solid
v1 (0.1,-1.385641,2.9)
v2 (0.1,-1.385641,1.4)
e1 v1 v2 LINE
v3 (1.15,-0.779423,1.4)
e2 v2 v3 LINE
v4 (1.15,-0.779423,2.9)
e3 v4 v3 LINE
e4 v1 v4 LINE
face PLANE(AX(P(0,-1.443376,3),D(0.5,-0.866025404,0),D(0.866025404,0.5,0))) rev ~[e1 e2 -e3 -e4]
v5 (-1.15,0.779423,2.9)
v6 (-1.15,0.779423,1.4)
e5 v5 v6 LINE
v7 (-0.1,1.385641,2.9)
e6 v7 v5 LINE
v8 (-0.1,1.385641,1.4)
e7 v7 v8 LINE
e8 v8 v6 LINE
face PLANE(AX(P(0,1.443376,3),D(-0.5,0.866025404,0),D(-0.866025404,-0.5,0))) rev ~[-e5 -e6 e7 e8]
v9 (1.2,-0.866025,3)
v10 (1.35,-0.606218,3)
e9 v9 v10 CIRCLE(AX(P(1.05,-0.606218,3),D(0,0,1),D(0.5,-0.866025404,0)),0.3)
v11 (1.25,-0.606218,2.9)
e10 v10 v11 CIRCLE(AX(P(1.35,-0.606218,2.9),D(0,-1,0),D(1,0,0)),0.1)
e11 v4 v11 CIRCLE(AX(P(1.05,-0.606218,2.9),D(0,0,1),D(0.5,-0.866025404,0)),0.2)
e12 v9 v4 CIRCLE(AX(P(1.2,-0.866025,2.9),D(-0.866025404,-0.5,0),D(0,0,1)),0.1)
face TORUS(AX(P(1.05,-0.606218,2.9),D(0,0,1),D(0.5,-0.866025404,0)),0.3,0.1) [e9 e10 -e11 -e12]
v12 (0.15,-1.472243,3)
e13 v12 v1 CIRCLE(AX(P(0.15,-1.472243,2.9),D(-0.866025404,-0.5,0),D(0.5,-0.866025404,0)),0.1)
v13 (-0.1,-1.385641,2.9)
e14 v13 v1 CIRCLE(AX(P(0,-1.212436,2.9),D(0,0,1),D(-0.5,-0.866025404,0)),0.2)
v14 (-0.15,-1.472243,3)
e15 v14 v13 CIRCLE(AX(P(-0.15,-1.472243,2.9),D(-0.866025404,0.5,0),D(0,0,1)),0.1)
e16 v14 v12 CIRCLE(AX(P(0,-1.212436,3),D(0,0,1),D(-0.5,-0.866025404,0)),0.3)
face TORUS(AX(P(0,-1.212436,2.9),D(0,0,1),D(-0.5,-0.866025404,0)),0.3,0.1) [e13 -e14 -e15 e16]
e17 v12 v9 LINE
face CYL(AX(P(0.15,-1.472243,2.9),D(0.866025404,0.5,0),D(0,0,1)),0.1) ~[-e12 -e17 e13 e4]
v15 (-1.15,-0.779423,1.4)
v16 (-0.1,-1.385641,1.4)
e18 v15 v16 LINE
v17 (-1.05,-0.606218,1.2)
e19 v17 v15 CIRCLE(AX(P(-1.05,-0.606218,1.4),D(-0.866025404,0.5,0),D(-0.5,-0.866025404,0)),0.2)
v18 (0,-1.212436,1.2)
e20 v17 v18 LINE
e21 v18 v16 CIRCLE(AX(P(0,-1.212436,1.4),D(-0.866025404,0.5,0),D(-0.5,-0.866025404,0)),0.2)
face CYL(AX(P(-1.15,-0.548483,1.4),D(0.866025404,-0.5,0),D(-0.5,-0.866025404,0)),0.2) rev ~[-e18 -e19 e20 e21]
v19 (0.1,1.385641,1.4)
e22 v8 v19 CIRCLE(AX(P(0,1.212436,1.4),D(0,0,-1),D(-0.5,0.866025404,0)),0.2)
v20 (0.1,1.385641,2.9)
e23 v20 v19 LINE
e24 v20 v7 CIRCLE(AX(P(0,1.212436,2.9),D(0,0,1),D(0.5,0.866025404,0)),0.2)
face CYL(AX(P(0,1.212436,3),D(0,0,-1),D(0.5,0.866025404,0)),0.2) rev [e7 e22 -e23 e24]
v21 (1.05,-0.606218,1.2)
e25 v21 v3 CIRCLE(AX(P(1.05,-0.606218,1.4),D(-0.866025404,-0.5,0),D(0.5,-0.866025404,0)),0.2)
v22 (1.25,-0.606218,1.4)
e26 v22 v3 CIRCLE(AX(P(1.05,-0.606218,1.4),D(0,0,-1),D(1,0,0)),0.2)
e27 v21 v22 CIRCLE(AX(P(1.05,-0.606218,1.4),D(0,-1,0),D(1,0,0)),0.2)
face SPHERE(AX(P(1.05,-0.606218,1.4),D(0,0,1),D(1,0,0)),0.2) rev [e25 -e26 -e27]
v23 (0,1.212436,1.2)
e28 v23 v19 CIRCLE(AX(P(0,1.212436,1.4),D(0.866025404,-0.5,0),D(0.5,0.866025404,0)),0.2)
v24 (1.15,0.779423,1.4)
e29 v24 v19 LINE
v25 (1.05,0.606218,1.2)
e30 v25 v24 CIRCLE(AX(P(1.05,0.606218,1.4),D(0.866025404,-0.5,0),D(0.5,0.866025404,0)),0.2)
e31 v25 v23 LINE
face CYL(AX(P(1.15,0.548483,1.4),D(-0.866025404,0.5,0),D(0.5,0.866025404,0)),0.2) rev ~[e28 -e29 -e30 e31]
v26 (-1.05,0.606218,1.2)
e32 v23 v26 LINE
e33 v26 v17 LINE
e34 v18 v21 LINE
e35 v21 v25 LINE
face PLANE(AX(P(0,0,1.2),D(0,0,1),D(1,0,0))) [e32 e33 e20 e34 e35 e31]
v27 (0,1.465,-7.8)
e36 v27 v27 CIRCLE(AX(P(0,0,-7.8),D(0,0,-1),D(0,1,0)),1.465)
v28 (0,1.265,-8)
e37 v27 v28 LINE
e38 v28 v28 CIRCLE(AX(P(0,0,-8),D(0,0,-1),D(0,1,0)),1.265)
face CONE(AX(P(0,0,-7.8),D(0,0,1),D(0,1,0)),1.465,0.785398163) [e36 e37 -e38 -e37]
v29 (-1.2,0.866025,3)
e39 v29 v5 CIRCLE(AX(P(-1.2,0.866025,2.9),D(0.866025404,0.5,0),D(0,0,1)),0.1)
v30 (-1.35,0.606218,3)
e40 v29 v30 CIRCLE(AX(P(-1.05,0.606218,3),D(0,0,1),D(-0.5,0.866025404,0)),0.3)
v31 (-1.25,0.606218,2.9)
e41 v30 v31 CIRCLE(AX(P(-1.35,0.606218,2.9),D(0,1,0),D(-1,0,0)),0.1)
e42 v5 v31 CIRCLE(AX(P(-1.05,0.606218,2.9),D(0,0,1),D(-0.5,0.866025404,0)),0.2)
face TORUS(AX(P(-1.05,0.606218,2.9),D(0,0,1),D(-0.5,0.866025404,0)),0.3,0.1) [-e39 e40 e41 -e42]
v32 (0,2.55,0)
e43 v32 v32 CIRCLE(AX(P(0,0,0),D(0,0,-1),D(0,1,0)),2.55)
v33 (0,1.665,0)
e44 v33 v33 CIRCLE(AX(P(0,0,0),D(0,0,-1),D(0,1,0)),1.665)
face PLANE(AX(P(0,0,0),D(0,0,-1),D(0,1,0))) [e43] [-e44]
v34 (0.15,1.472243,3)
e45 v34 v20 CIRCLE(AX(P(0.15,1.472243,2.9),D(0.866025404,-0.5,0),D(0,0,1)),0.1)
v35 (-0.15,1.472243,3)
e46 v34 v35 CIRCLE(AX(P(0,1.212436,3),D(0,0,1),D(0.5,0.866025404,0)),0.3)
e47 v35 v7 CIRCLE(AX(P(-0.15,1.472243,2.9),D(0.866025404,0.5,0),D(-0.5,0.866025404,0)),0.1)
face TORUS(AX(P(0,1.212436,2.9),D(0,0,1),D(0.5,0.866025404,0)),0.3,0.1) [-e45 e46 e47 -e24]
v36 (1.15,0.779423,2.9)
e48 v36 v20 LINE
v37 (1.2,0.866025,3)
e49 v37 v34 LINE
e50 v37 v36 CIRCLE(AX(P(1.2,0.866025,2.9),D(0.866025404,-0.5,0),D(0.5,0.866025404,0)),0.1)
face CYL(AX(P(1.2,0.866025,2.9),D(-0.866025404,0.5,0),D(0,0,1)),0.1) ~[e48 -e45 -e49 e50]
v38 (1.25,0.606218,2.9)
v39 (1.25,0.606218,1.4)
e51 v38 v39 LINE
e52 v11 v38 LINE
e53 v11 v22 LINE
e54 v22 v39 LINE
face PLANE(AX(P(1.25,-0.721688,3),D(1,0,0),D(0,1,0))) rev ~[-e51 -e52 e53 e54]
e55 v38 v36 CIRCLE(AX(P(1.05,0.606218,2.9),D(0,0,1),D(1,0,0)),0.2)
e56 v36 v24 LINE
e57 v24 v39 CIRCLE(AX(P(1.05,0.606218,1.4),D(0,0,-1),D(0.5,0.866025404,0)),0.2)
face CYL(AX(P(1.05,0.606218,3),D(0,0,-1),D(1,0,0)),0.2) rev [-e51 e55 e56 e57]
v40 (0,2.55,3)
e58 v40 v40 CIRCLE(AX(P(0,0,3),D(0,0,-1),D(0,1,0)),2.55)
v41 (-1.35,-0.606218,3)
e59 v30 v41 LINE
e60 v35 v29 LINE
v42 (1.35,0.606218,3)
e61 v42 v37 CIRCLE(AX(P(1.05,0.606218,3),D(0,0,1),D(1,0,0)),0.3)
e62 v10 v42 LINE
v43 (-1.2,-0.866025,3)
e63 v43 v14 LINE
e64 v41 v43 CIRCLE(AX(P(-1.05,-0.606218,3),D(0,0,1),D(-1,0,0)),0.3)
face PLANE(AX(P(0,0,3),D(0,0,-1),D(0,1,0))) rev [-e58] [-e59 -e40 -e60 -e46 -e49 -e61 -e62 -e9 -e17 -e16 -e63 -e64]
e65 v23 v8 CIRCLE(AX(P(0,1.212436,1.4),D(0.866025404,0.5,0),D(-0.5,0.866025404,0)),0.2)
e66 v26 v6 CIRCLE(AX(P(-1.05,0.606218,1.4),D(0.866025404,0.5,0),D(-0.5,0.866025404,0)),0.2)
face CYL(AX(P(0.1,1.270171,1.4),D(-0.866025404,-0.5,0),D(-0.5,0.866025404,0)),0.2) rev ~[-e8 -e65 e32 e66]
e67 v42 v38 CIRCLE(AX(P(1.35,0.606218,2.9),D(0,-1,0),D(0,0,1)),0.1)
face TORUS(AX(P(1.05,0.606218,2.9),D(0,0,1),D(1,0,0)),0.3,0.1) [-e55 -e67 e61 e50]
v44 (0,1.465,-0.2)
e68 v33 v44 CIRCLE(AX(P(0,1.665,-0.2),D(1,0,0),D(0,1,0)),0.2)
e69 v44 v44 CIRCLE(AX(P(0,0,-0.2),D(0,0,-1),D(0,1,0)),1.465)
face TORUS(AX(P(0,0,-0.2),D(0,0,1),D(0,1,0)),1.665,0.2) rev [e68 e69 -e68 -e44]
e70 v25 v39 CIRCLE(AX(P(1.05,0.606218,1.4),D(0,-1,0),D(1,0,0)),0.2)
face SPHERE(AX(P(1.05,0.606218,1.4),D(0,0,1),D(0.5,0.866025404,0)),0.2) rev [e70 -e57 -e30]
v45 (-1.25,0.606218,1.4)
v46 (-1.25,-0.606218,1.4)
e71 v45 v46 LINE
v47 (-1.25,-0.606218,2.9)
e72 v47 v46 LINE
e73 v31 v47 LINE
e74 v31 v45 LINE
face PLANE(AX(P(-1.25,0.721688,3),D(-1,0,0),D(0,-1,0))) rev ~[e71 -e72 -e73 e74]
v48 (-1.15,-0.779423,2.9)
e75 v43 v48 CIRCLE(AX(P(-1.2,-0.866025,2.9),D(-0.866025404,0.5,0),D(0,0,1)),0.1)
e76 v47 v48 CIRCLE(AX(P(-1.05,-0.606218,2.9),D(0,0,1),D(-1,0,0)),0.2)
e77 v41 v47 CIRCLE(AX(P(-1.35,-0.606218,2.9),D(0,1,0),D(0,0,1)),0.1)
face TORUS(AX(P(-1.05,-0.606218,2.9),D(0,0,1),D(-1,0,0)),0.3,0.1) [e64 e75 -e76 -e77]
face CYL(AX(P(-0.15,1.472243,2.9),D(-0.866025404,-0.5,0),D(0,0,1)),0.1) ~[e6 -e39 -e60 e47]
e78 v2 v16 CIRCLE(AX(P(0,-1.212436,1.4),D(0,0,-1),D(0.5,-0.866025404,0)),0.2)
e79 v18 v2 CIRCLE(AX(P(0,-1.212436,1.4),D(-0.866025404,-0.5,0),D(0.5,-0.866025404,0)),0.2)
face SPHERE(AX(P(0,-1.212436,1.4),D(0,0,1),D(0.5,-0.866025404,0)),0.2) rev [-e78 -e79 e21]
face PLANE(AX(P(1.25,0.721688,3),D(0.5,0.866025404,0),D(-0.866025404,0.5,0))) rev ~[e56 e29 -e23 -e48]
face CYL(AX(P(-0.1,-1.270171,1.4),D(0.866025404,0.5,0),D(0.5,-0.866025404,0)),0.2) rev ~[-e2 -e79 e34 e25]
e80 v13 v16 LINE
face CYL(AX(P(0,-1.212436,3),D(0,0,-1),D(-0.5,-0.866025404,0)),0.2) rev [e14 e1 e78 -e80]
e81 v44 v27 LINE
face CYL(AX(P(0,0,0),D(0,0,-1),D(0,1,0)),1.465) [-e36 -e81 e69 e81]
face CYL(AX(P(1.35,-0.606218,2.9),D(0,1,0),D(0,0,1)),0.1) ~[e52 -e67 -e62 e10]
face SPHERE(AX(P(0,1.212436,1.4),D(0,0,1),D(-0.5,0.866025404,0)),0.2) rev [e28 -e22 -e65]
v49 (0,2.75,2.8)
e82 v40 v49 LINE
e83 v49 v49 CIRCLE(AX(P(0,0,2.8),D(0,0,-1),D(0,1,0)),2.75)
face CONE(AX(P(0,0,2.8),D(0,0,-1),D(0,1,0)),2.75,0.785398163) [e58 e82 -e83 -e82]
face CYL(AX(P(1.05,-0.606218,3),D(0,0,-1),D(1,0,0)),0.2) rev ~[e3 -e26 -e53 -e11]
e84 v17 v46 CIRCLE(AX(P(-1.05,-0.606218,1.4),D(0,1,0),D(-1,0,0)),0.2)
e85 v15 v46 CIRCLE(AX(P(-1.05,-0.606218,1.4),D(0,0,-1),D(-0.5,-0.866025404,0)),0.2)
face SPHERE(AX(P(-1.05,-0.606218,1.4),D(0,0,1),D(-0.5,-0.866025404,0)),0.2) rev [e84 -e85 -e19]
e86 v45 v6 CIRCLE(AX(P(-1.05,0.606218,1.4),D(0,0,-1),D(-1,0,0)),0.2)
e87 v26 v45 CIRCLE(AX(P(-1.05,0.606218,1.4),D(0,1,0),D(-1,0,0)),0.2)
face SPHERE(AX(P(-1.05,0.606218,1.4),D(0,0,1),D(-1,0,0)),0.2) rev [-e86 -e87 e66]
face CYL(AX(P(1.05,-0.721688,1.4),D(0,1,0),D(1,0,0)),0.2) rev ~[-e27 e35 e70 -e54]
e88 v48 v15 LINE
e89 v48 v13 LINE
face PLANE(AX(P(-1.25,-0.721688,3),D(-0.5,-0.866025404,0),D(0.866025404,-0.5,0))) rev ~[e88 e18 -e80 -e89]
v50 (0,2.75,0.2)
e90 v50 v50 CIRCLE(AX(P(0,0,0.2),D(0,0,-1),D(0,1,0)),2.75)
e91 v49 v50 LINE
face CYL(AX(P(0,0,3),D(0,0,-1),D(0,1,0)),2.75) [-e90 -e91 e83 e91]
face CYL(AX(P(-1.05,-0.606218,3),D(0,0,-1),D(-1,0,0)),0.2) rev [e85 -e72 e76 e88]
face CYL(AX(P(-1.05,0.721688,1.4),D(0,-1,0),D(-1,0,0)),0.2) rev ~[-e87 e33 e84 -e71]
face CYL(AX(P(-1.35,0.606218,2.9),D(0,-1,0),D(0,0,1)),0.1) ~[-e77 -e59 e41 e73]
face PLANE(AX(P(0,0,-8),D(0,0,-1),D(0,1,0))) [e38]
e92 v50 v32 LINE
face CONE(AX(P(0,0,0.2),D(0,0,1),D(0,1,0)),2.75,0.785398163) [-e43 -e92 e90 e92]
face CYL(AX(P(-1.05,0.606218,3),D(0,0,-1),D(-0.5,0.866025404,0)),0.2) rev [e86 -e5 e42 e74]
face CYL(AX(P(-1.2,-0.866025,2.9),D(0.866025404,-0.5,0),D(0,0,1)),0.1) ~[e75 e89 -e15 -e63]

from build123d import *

# Parameters (mm, degrees)
SCHNITT_LINEAR_AUSTRAGEN1_DEPTH = 1.8
FASE1_SIZE                      = 0.2
VERRUNDUNG1_R                   = 0.2
VERRUNDUNG2_R                   = 0.1


with BuildPart() as part:
    # Skizze1 → Rotation1 (revolve)
    with BuildSketch(Plane(origin=(0, 0, 0), x_dir=(0, 0, -1), z_dir=(1, 0, 0))):
        Polygon((-3, 0), (-3, 2.75), (0, 2.75), (0, 1.465), (8, 1.465), (8, 0), align=None)
    revolve(axis=Axis((0, 0, 21.919879518), (0, 0, -1)))

    # Skizze2 → Schnitt-Linear austragen1 (cut)
    with BuildSketch(Plane.XY.offset(3)):
        Polygon((1.25, -0.721687836), (1.25, 0.721687836), (0, 1.443375673), (-1.25, 0.721687836), (-1.25, -0.721687836), (0, -1.443375673), align=None)
    extrude(amount=-SCHNITT_LINEAR_AUSTRAGEN1_DEPTH, mode=Mode.SUBTRACT)

    # Fase1
    fase1_edges = [part.edges().sort_by_distance(p)[0] for p in [
        (0, -1.465, -8),
        (0, -2.75, 0),
        (0, -2.75, 3),
    ]]
    chamfer(fase1_edges, length=FASE1_SIZE)

    # Verrundung1
    verrundung1_edges = [part.edges().sort_by_distance(p)[0] for p in [
        (0.625, -1.082531755, 1.2),
        (1.25, -0.721687836, 2.1),
        (-0.625, -1.082531755, 1.2),
        (0, -1.443375673, 2.1),
        (-1.25, 0, 1.2),
        (-1.25, -0.721687836, 2.1),
        (-0.625, 1.082531755, 1.2),
        (-1.25, 0.721687836, 2.1),
        (0.625, 1.082531755, 1.2),
        (0, 1.443375673, 2.1),
        (1.25, 0, 1.2),
        (1.25, 0.721687836, 2.1),
        (0, -1.465, 0),
    ]]
    fillet(verrundung1_edges, radius=VERRUNDUNG1_R)

    # Verrundung2
    verrundung2_edges = [part.edges().sort_by_distance(p)[0] for p in [
        (-0.625, -1.082531755, 3),
        (-1.25, 0, 3),
        (-0.625, 1.082531755, 3),
        (0.625, 1.082531755, 3),
        (1.25, 0, 3),
        (0.625, -1.082531755, 3),
        (-1.223205081, -0.706217783, 3),
        (0, -1.412435565, 3),
        (1.223205081, -0.706217783, 3),
        (1.223205081, 0.706217783, 3),
        (0, 1.412435565, 3),
        (-1.223205081, 0.706217783, 3),
    ]]
    fillet(verrundung2_edges, radius=VERRUNDUNG2_R)


solid = part.part
